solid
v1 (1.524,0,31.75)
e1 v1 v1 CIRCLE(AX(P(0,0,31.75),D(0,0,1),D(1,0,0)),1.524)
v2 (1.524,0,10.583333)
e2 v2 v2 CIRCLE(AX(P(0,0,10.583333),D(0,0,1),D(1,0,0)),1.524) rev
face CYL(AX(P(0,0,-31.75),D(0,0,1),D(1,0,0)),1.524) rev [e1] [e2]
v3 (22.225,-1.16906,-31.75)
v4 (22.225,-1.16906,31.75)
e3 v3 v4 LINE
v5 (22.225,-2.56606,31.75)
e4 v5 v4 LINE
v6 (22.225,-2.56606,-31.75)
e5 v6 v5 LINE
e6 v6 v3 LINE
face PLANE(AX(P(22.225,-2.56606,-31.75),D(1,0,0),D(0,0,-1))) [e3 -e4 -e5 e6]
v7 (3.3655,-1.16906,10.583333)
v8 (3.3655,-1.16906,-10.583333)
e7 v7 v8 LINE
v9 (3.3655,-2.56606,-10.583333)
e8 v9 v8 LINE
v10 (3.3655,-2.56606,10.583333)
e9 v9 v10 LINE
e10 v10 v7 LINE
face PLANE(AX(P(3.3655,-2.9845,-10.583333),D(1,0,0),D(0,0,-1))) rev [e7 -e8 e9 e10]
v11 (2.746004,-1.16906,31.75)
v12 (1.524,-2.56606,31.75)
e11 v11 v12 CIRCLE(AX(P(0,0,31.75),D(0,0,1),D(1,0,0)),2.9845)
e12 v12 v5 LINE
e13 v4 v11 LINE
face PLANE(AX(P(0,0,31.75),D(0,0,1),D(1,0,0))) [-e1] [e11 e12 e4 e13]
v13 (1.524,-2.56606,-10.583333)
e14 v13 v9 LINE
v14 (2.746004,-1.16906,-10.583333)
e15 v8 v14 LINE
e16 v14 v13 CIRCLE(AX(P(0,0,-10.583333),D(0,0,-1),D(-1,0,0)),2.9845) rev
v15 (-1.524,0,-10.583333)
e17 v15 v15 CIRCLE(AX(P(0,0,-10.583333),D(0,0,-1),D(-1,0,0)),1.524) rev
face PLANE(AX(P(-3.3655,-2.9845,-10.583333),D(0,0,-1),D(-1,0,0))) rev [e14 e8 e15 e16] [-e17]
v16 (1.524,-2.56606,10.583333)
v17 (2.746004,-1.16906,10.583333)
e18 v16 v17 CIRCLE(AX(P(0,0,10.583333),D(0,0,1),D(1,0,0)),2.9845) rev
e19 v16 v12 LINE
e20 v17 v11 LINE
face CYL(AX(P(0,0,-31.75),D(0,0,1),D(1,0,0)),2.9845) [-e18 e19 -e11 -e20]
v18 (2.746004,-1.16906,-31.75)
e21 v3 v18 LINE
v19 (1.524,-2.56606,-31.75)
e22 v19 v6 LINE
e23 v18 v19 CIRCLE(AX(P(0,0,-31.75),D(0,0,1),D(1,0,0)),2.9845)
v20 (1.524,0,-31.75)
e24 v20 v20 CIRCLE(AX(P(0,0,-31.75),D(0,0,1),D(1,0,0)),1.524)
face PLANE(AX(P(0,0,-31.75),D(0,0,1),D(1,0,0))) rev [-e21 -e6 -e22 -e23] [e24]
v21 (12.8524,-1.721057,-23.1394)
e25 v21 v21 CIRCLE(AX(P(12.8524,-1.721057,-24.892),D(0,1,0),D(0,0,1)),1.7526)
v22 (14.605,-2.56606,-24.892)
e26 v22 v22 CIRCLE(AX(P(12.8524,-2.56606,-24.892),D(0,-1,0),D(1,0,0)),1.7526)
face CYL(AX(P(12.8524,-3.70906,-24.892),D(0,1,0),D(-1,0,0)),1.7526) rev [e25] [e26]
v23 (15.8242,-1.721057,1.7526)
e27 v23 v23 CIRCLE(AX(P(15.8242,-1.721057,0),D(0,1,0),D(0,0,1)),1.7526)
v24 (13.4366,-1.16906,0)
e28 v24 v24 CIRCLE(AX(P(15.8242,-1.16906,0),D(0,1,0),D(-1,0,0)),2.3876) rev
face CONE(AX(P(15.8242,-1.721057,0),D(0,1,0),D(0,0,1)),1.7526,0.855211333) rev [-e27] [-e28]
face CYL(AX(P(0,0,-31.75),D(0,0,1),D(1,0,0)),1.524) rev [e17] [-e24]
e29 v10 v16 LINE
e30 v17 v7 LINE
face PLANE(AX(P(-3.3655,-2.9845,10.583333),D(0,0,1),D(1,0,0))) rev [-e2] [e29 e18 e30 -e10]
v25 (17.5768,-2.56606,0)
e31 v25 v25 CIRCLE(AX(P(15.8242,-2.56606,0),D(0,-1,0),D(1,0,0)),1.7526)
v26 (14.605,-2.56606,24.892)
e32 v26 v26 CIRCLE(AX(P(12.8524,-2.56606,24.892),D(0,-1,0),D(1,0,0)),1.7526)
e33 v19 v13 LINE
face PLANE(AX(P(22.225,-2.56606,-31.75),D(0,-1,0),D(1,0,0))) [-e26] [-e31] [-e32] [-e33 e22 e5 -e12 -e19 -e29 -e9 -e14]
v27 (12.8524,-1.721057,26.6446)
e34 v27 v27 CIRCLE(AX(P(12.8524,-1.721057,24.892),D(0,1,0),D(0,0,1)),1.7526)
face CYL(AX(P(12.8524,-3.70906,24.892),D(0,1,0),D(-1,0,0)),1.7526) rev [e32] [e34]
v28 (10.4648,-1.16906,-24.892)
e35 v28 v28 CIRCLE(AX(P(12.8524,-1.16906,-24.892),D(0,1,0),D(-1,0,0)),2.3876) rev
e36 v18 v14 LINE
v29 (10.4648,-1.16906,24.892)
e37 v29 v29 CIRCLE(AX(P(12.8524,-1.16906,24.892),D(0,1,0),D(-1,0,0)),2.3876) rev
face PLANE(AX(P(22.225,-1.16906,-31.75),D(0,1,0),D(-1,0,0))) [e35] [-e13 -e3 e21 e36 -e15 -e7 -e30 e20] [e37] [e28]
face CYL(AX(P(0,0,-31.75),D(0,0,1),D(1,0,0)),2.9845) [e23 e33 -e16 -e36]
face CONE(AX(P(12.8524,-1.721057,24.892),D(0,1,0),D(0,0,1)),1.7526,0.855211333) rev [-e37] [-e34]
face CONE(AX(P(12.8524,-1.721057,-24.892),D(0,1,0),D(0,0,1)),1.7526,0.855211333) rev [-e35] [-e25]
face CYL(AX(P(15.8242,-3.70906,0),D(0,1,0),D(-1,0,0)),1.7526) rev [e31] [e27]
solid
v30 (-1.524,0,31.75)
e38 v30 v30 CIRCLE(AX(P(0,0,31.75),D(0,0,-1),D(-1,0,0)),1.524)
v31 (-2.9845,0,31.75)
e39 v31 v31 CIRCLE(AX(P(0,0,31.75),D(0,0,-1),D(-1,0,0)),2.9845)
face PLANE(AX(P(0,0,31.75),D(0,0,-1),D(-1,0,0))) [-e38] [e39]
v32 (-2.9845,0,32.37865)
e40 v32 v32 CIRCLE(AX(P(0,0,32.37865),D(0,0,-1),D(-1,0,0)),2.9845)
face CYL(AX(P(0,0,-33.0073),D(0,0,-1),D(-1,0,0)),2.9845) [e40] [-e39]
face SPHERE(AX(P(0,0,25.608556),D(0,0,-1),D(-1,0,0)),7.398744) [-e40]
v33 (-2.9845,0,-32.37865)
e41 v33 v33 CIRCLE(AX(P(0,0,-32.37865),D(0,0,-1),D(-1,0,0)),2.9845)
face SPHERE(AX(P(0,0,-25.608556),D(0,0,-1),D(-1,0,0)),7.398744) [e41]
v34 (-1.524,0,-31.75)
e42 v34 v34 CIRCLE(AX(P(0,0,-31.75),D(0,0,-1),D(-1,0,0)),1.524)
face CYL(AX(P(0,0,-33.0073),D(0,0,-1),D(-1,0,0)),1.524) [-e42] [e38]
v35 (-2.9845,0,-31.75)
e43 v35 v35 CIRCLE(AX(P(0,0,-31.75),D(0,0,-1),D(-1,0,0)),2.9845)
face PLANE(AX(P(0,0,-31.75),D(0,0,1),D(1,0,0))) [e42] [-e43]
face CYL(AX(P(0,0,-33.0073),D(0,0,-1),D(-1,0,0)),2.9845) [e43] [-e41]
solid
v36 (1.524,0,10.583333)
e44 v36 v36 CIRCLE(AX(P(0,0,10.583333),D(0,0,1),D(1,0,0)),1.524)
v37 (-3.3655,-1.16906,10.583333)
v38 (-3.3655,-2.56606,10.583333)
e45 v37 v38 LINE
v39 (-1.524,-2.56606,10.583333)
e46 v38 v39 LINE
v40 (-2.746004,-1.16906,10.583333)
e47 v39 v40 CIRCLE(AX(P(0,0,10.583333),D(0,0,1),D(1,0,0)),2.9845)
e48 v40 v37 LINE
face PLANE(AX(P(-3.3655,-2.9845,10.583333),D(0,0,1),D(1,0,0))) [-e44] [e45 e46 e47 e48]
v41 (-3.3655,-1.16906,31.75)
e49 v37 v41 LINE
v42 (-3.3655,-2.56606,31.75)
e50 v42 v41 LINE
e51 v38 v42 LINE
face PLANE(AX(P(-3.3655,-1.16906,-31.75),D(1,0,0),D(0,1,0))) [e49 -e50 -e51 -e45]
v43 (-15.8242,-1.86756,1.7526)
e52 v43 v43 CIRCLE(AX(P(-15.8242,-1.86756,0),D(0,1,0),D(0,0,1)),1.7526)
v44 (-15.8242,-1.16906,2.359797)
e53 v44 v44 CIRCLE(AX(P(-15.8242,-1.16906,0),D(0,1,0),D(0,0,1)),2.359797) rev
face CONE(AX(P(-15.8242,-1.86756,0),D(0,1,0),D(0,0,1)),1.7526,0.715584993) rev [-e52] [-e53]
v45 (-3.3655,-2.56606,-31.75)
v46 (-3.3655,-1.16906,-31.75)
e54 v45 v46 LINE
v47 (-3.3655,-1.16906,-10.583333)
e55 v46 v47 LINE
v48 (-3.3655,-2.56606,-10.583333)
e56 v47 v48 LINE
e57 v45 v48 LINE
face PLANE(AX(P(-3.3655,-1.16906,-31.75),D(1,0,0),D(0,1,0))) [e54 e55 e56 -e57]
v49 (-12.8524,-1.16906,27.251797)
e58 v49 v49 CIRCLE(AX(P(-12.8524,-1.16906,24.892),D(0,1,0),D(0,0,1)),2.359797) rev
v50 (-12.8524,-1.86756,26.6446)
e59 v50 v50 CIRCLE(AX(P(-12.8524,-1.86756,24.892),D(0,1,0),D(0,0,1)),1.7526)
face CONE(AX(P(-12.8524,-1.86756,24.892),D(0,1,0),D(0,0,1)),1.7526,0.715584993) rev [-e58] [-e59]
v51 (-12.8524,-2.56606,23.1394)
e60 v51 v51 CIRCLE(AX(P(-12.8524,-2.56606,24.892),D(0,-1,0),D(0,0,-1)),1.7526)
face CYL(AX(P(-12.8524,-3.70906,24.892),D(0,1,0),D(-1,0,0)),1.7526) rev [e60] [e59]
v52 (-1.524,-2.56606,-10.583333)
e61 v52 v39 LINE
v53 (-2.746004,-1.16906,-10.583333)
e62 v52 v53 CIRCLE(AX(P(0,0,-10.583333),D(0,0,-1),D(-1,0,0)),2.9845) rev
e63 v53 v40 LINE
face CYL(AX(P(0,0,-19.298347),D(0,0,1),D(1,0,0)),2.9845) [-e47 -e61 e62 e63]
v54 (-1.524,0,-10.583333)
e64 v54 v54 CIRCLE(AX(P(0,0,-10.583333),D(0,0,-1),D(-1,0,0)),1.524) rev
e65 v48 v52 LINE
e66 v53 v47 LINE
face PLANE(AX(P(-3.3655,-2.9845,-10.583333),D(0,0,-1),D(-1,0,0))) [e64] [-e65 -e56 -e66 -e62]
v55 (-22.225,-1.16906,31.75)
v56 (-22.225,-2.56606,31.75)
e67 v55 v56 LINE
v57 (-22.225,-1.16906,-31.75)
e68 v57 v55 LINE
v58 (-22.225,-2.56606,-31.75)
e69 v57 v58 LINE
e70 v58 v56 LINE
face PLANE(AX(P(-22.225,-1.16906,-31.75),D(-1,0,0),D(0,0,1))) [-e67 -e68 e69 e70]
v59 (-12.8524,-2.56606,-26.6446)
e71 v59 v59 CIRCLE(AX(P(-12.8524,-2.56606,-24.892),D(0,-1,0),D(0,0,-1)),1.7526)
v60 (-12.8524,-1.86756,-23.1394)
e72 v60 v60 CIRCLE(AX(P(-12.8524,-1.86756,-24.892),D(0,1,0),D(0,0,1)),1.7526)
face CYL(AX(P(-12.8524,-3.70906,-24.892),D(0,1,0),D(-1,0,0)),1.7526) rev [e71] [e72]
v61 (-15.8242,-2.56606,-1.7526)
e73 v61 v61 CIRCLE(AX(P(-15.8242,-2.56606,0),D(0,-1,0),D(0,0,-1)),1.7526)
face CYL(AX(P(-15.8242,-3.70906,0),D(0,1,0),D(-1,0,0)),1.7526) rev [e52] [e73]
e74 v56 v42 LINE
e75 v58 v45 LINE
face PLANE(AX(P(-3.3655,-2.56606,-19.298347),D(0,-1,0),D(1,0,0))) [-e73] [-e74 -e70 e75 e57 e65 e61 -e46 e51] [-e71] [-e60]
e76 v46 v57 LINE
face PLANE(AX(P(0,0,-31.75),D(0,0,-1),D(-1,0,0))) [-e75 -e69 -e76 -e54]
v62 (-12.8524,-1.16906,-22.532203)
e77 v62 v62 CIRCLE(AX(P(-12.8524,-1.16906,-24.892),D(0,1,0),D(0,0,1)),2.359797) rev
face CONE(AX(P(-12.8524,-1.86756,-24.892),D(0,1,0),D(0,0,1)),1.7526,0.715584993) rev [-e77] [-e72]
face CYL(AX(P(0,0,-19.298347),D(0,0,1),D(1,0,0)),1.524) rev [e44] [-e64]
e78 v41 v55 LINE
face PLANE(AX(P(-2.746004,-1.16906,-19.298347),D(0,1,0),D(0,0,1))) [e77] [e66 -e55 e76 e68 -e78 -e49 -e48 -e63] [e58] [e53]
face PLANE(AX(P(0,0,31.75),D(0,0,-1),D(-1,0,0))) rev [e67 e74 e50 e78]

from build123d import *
from OCP.BRepFilletAPI import BRepFilletAPI_MakeChamfer

# Parameters (mm, degrees)
BOSS_EXTRUDE1_DEPTH             = 31.75
BOSS_EXTRUDE1_DEPTH_BACK        = 31.75
SKETCH4_W                       = 18.8595
SKETCH4_H                       = 1.397
BOSS_EXTRUDE1_2_DEPTH           = 31.75
BOSS_EXTRUDE1_2_DEPTH_BACK      = 31.75
SKETCH4_R                       = 1.524
SKETCH6_R                       = 1.7526
CUT_EXTRUDE1_DEPTH              = 2.54
CHAMFER1_SIZE                   = 0.6985
CHAMFER1_SIZE2                  = 0.607196786
CHAMFER2_SIZE                   = 0.635
CHAMFER2_SIZE2                  = 0.551997079
CUT_EXTRUDE2_DEPTH              = 41.008555829
CUT_EXTRUDE2_DEPTH_BACK         = 41.008555829
SKETCH8_W                       = 6.731
SKETCH8_H                       = 21.166666666
BOSS_EXTRUDE2_REACH             = 41.904
SKETCH9_R                       = 1.524
BOSS_EXTRUDE2_DIRECTION_2_REACH = 41.904


with BuildPart() as part:
    # Sketch4 → Boss-Extrude1 (new, two sides: drawn at the far end of the back side and taken through both)
    with BuildSketch(Plane.XY.offset(-BOSS_EXTRUDE1_DEPTH_BACK)):
        with Locations((-12.79525, -1.867560064)):
            Rectangle(SKETCH4_W, SKETCH4_H)
    extrude(amount=BOSS_EXTRUDE1_DEPTH + BOSS_EXTRUDE1_DEPTH_BACK)


with BuildPart() as body_2:
    # Sketch4 → Boss-Extrude1 2 (new, two sides: drawn at the far end of the back side and taken through both)
    with BuildSketch(Plane.XY.offset(-BOSS_EXTRUDE1_2_DEPTH_BACK)):
        with BuildLine():
            Line((22.225, -2.566060064), (22.225, -1.169060064))
            Line((22.225, -1.169060064), (2.746004155, -1.169060064))
            ThreePointArc((2.746004155, -1.169060064), (-2.246360639, 1.964969244), (1.524, -2.566060064))
            Line((1.524, -2.566060064), (22.225, -2.566060064))
        make_face()
        Circle(SKETCH4_R, mode=Mode.SUBTRACT)
    extrude(amount=BOSS_EXTRUDE1_2_DEPTH + BOSS_EXTRUDE1_2_DEPTH_BACK)


with BuildPart() as body_3:
    # Sketch5 → Revolve1 (revolve)
    with BuildSketch(Plane(origin=(0, 0, 0), x_dir=(1, 0, 0), z_dir=(0, 1, 0))):
        with BuildLine():
            Line((-2.9845, -31.75), (-2.9845, -32.37865))
            ThreePointArc((-2.9845, -32.37865), (-1.52499517, -32.848431867), (0, -33.0073))
            Line((0, -33.0073), (0, 33.0073))
            ThreePointArc((0, 33.0073), (-1.52499517, 32.848431867), (-2.9845, 32.37865))
            Line((-2.9845, 32.37865), (-2.9845, 31.75))
            Line((-2.9845, 31.75), (-1.524, 31.75))
            Line((-1.524, 31.75), (-1.524, -31.75))
            Line((-1.524, -31.75), (-2.9845, -31.75))
        make_face()
    revolve(axis=Axis((0, 0, -33.0073), (0, 0, 1)))


with BuildPart() as cut_extrude1_tool:
    # Sketch6 → Cut-Extrude1 (new body)
    with BuildSketch(Plane(origin=(0, -1.169060064, 0), x_dir=(1, 0, 0), z_dir=(0, 1, 0))):
        with Locations(Location((-12.8524, 24.892, 0), (0, 0, 180))):
            Circle(SKETCH6_R)
        with Locations(Location((-12.8524, -24.892, 0), (0, 0, 180))):
            Circle(SKETCH6_R)
        with Locations(Location((12.8524, -24.892, 0), (0, 0, 180))):
            Circle(SKETCH6_R)
        with Locations(Location((12.8524, 24.892, 0), (0, 0, 180))):
            Circle(SKETCH6_R)
        with Locations(Location((15.8242, 0, 0), (0, 0, 180))):
            Circle(SKETCH6_R)
        with Locations(Location((-15.8242, 0, 0), (0, 0, 180))):
            Circle(SKETCH6_R)
    extrude(amount=-CUT_EXTRUDE1_DEPTH)


with BuildPart() as part_1:
    add(part.part)

    # Cut-Extrude1: cut by cut_extrude1_tool
    add(cut_extrude1_tool.part, mode=Mode.SUBTRACT)

    # Chamfer1: one chamfer whose edges measure the first distance from different faces: ONE call of the kernel's chamfer builder (chamfer() names one face for all edges)
    chamfer1_edges_1 = [part_1.edges().sort_by_distance(p)[0] for p in [
        (-11.0998, -1.169060064, -24.892),
    ]]
    chamfer1_side_1 = [part_1.faces().sort_by_distance(p)[0] for p in [
        (-11.0998, -1.867560064, -24.892),
    ]]
    chamfer1_edges_2 = [part_1.edges().sort_by_distance(p)[0] for p in [
        (-11.0998, -1.169060064, 24.892),
    ]]
    chamfer1_side_2 = [part_1.faces().sort_by_distance(p)[0] for p in [
        (-11.0998, -1.867560064, 24.892),
    ]]
    chamfer1_edges_3 = [part_1.edges().sort_by_distance(p)[0] for p in [
        (-14.0716, -1.169060064, 0),
    ]]
    chamfer1_side_3 = [part_1.faces().sort_by_distance(p)[0] for p in [
        (-14.0716, -1.867560064, 0),
    ]]
    chamfer1 = BRepFilletAPI_MakeChamfer(part_1.part.solid().wrapped)
    for e in chamfer1_edges_1:
        chamfer1.Add(CHAMFER1_SIZE, CHAMFER1_SIZE2, e.wrapped, chamfer1_side_1[0].wrapped)  # the first distance lies on this face
    for e in chamfer1_edges_2:
        chamfer1.Add(CHAMFER1_SIZE, CHAMFER1_SIZE2, e.wrapped, chamfer1_side_2[0].wrapped)  # the first distance lies on this face
    for e in chamfer1_edges_3:
        chamfer1.Add(CHAMFER1_SIZE, CHAMFER1_SIZE2, e.wrapped, chamfer1_side_3[0].wrapped)  # the first distance lies on this face
    add(Compound.cast(chamfer1.Shape()), mode=Mode.REPLACE)


with BuildPart() as body_2_1:
    add(body_2.part)

    # Cut-Extrude1: cut by cut_extrude1_tool
    add(cut_extrude1_tool.part, mode=Mode.SUBTRACT)

    # Chamfer2
    chamfer2_edges = [body_2_1.edges().sort_by_distance(p)[0] for p in [
        (14.605, -1.169060064, 24.892),
        (14.605, -1.169060064, -24.892),
        (17.5768, -1.169060064, 0),
    ]]
    chamfer2_side = [body_2_1.faces().sort_by_distance(p)[0] for p in [
        (12.452969323, -1.169060064, 0),
    ]]
    chamfer(chamfer2_edges, length=CHAMFER2_SIZE, length2=CHAMFER2_SIZE2, reference=chamfer2_side[0])

    # Sketch8 → Cut-Extrude2 (cut, two sides: drawn at the far end of the back side and taken through both)
    with BuildSketch(Plane(origin=(0, -1.169060064, 0), x_dir=(1, 0, 0), z_dir=(0, 1, 0)).offset(-CUT_EXTRUDE2_DEPTH_BACK)):
        Rectangle(SKETCH8_W, SKETCH8_H)
    extrude(amount=CUT_EXTRUDE2_DEPTH + CUT_EXTRUDE2_DEPTH_BACK, mode=Mode.SUBTRACT)


with BuildPart() as body_4:

    # Boss-Extrude2: up to this face of the body (flat: up to its plane)
    boss_extrude2_end = Plane(body_2_1.part.faces().sort_by_distance((3.055752077, -1.256210199, -10.583333333))[0])
    # Sketch9 → Boss-Extrude2 (new, up to the picked face)
    with BuildSketch(Plane.XY, mode=Mode.PRIVATE) as boss_extrude2_sk1:
        with BuildLine():
            Line((-3.3655, -2.566060064), (-1.524, -2.566060064))
            ThreePointArc((-1.524, -2.566060064), (0, -2.9845), (1.524, -2.566060064))
            ThreePointArc((1.524, -2.566060064), (2.246360639, -1.964969244), (2.746004155, -1.169060064))
            ThreePointArc((2.746004155, -1.169060064), (0, 2.9845), (-2.746004155, -1.169060064))
            Line((-2.746004155, -1.169060064), (-3.3655, -1.169060064))
            Line((-3.3655, -1.169060064), (-3.3655, -2.566060064))
        make_face()
        with Locations(Location((0, 0, 0), (0, 0, 180))):
            Circle(SKETCH9_R, mode=Mode.SUBTRACT)
    boss_extrude2_tool1 = split(extrude(boss_extrude2_sk1.sketch, amount=-BOSS_EXTRUDE2_REACH, mode=Mode.PRIVATE), bisect_by=boss_extrude2_end, keep=Keep.BOTH, mode=Mode.PRIVATE)
    add(boss_extrude2_tool1.solids().sort_by(Axis((-3.055752, -1.25621, 0), (0, 0, -1)))[0])


    # Boss-Extrude2 direction 2: up to this face of the body (flat: up to its plane)
    boss_extrude2_direction_2_end = Plane(body_2_1.part.faces().sort_by_distance((3.278349865, -1.867560064, 10.583333333))[0])
    # Sketch9 → Boss-Extrude2 direction 2 (add, up to the picked face)
    with BuildSketch(Plane.XY, mode=Mode.PRIVATE) as boss_extrude2_direction_2_sk1:
        with BuildLine():
            Line((-3.3655, -2.566060064), (-1.524, -2.566060064))
            ThreePointArc((-1.524, -2.566060064), (0, -2.9845), (1.524, -2.566060064))
            ThreePointArc((1.524, -2.566060064), (2.246360639, -1.964969244), (2.746004155, -1.169060064))
            ThreePointArc((2.746004155, -1.169060064), (0, 2.9845), (-2.746004155, -1.169060064))
            Line((-2.746004155, -1.169060064), (-3.3655, -1.169060064))
            Line((-3.3655, -1.169060064), (-3.3655, -2.566060064))
        make_face()
        with Locations(Location((0, 0, 0), (0, 0, 180))):
            Circle(SKETCH9_R, mode=Mode.SUBTRACT)
    boss_extrude2_direction_2_tool1 = split(extrude(boss_extrude2_direction_2_sk1.sketch, amount=BOSS_EXTRUDE2_DIRECTION_2_REACH, mode=Mode.PRIVATE), bisect_by=boss_extrude2_direction_2_end, keep=Keep.BOTH, mode=Mode.PRIVATE)
    add(boss_extrude2_direction_2_tool1.solids().sort_by(Axis((-3.055752, -1.25621, 0), (0, 0, 1)))[0])

    # Combine1: union part
    add(part_1.part)


solid = Compound([body_3.part, body_2_1.part, body_4.part])
